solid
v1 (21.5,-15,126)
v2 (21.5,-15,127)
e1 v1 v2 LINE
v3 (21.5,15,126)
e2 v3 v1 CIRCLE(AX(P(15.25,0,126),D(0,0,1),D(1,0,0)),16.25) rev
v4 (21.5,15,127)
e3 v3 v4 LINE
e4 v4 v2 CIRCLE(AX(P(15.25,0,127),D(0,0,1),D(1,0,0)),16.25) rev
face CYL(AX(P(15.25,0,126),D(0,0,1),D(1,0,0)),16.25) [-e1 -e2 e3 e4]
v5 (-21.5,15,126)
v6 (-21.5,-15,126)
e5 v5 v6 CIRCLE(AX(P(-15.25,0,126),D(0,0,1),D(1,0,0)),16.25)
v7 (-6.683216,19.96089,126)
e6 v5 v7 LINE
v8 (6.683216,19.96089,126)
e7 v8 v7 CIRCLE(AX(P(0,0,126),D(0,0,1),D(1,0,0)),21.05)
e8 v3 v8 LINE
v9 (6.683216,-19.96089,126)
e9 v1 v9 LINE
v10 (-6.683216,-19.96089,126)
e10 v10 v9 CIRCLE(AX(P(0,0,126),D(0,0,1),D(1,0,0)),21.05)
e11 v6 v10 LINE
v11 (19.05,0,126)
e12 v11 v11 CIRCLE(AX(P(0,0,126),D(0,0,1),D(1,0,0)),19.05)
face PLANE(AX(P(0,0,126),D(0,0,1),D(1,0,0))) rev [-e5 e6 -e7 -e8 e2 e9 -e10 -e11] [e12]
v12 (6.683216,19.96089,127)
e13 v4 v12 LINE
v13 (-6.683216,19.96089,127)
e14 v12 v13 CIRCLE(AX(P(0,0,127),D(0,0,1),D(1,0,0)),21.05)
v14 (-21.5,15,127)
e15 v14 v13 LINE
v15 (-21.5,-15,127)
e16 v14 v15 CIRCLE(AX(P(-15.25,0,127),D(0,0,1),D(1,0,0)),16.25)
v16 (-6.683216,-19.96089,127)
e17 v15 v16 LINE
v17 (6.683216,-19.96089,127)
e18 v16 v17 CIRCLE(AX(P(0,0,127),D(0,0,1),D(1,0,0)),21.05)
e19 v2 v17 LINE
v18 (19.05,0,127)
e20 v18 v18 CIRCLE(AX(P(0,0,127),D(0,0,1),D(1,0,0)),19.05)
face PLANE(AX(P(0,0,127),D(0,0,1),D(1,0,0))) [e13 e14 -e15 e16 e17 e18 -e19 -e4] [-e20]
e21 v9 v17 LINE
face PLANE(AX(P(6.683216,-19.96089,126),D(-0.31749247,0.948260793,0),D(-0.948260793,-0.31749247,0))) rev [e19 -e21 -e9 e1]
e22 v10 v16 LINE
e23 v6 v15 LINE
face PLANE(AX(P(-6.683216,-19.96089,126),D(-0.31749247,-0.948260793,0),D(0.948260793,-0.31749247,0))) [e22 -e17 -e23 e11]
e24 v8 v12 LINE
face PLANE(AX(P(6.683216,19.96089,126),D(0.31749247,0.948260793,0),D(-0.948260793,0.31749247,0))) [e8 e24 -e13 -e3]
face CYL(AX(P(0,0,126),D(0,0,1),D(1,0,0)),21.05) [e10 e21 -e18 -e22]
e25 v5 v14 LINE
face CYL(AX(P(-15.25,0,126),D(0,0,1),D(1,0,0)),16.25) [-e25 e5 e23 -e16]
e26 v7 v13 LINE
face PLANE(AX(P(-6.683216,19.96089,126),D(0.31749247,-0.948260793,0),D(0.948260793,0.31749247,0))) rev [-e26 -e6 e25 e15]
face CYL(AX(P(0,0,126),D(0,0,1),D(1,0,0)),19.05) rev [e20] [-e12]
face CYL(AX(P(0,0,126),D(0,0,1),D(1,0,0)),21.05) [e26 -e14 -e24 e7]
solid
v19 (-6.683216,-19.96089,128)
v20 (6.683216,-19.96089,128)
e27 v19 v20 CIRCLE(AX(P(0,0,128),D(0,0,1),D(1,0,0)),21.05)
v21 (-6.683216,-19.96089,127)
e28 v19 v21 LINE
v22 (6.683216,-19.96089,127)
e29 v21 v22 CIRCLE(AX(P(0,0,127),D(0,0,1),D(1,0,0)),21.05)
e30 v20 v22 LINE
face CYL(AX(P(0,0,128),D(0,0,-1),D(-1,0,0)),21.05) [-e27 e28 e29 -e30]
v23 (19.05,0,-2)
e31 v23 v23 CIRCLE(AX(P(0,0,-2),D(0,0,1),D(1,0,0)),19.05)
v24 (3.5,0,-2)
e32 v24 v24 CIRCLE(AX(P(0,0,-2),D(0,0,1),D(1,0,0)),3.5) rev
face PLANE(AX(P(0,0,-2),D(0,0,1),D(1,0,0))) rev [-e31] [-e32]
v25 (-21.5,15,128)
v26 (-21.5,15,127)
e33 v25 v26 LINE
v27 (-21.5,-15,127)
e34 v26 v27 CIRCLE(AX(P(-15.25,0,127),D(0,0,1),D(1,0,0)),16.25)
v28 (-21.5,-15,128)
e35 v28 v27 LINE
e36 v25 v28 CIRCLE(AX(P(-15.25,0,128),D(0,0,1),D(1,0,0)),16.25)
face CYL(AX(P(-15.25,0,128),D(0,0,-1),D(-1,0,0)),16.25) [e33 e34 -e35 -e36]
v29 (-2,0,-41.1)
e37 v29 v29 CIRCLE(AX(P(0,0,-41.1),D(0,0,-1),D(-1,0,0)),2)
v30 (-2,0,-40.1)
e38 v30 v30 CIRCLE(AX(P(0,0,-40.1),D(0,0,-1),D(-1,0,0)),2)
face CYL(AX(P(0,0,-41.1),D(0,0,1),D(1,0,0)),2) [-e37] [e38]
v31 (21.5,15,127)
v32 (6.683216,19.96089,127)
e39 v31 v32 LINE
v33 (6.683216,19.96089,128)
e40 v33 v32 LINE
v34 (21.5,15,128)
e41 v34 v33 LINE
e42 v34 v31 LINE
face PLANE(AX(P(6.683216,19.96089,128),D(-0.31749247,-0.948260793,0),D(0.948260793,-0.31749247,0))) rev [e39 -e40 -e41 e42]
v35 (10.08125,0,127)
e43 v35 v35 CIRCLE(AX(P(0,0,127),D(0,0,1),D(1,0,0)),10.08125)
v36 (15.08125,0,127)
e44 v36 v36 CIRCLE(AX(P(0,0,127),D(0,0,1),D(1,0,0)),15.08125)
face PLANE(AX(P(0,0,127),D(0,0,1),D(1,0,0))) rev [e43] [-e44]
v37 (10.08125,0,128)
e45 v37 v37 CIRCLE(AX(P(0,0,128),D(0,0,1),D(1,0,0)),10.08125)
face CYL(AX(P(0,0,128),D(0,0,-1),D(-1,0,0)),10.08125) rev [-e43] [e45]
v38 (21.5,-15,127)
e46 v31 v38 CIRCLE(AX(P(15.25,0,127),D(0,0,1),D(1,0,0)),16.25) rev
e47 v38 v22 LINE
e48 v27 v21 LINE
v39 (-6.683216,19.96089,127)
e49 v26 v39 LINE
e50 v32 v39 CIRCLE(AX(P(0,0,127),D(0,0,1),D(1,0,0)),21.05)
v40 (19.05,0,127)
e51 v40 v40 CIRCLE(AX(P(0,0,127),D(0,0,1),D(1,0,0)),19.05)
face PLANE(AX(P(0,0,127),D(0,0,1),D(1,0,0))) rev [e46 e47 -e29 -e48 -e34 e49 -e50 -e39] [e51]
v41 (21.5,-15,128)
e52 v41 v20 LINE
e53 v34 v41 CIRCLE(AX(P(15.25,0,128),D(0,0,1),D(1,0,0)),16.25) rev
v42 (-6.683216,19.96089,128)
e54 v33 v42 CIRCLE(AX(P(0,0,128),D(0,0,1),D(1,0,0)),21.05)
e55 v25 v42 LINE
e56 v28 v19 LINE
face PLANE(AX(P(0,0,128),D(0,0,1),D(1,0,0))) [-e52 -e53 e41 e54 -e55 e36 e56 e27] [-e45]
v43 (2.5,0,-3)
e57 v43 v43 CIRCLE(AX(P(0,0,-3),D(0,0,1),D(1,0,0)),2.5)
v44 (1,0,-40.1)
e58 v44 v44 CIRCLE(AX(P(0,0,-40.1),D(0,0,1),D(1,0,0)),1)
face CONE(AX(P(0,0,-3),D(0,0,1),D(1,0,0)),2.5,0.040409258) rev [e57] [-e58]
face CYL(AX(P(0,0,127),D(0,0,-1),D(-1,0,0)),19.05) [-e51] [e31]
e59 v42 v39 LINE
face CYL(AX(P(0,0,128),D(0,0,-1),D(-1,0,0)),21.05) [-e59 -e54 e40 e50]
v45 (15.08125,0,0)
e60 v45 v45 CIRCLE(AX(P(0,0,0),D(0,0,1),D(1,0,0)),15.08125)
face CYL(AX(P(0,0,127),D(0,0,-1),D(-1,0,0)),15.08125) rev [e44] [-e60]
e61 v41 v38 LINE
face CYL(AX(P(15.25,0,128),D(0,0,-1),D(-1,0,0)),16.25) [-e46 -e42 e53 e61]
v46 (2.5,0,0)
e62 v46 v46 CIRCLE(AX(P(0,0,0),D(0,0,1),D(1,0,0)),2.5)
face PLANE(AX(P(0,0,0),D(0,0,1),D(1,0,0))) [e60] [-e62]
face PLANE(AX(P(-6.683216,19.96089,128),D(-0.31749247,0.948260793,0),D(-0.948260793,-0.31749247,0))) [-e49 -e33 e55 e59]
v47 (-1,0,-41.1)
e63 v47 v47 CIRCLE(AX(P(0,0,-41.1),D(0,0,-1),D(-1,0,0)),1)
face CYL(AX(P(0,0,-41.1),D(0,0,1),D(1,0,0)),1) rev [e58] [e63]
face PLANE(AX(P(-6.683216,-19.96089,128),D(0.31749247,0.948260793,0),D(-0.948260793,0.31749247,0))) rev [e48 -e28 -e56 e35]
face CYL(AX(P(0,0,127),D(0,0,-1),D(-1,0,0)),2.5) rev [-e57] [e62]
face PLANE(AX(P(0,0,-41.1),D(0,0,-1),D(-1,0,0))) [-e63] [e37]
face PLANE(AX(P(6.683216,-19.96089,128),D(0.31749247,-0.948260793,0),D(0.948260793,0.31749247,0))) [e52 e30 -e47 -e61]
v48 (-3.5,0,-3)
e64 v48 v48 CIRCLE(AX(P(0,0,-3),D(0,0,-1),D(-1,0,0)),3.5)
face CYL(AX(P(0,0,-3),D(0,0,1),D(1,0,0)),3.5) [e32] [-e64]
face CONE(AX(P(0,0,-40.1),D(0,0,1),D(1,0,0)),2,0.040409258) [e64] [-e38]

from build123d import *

# Parameters (mm, degrees)
SKETCH1_R           = 19.05
SKETCH1_R_2         = 15.08125
BOSS_EXTRUDE1_DEPTH = 127
BOSS_EXTRUDE2_START = -2
SKETCH1_2_R         = 19.05
BOSS_EXTRUDE2_DEPTH = 2
SKETCH2_R           = 2.5
CUT_EXTRUDE1_DEPTH  = 132.783174192
BOSS_EXTRUDE3_START = 1
SKETCH2_5_R         = 3.5
SKETCH2_5_R_2       = 2.5
BOSS_EXTRUDE3_DEPTH = 1
BOSS_EXTRUDE4_START = 38.1
SKETCH2_6_R         = 2
SKETCH2_6_R_2       = 1
BOSS_EXTRUDE4_DEPTH = 1
SKETCH4_R           = 19.05
BOSS_EXTRUDE5_DEPTH = 1
SKETCH4_3_R         = 10.08125
BOSS_EXTRUDE6_DEPTH = 1


with BuildPart() as part:
    # Sketch1 → Boss-Extrude1 (new body)
    with BuildSketch(Plane.XY):
        Circle(SKETCH1_R)
        Circle(SKETCH1_R_2, mode=Mode.SUBTRACT)
    extrude(amount=BOSS_EXTRUDE1_DEPTH)

    # Sketch1<2> → Boss-Extrude2 (add)
    with BuildSketch(Plane.XY.offset(BOSS_EXTRUDE2_START)):
        Circle(SKETCH1_2_R)
    extrude(amount=BOSS_EXTRUDE2_DEPTH)

    # Sketch2 → Cut-Extrude1 (cut, through all)
    with BuildSketch(Plane(origin=(0, 0, -2), x_dir=(-1, 0, 0), z_dir=(0, 0, -1))):
        Circle(SKETCH2_R)
    extrude(amount=-CUT_EXTRUDE1_DEPTH, mode=Mode.SUBTRACT)

    # Sketch2<5> → Boss-Extrude3 (add)
    with BuildSketch(Plane(origin=(0, 0, -2), x_dir=(-1, 0, 0), z_dir=(0, 0, -1)).offset(BOSS_EXTRUDE3_START)):
        Circle(SKETCH2_5_R)
        Circle(SKETCH2_5_R_2, mode=Mode.SUBTRACT)
    extrude(amount=-BOSS_EXTRUDE3_DEPTH)



with BuildPart() as body_2:
    # Sketch2<6> → Boss-Extrude4 (new body)
    with BuildSketch(Plane(origin=(0, 0, -2), x_dir=(-1, 0, 0), z_dir=(0, 0, -1)).offset(BOSS_EXTRUDE4_START)):
        Circle(SKETCH2_6_R)
        Circle(SKETCH2_6_R_2, mode=Mode.SUBTRACT)
    extrude(amount=BOSS_EXTRUDE4_DEPTH)


with BuildPart() as part_1:
    add(part.part)

    add(body_2.part)  # Revolve1 merges body 2
    # Sketch3 → Revolve1 (revolve)
    with BuildSketch(Plane(origin=(0, 0, 0), x_dir=(0, 0, -1), z_dir=(1, 0, 0))):
        Polygon((3, 3.5), (40.1, 2), (40.1, 1), (3, 2.5), align=None)
    revolve(axis=Axis((0, 0, 158.4), (0, 0, -1)))

    # Sketch4<3> → Boss-Extrude6 (add)
    with BuildSketch(Plane.XY.offset(127)):
        with BuildLine():
            Line((-6.683216494, 19.960889692), (-21.5, 15))
            ThreePointArc((-21.5, 15), (-31.5, 0), (-21.5, -15))
            Line((-21.5, -15), (-6.683216494, -19.960889692))
            ThreePointArc((-6.683216494, -19.960889692), (0, -21.05), (6.683216494, -19.960889692))
            Line((6.683216494, -19.960889692), (21.5, -15))
            ThreePointArc((21.5, -15), (31.5, 0), (21.5, 15))
            Line((21.5, 15), (6.683216494, 19.960889692))
            ThreePointArc((6.683216494, 19.960889692), (0, 21.05), (-6.683216494, 19.960889692))
        make_face()
        Circle(SKETCH4_3_R, mode=Mode.SUBTRACT)
    extrude(amount=BOSS_EXTRUDE6_DEPTH)


with BuildPart() as body_2_2:
    # Sketch4 → Boss-Extrude5 (new body)
    with BuildSketch(Plane.XY.offset(127)):
        with BuildLine():
            Line((-6.683216494, 19.960889692), (-21.5, 15))
            ThreePointArc((-21.5, 15), (-31.5, 0), (-21.5, -15))
            Line((-21.5, -15), (-6.683216494, -19.960889692))
            ThreePointArc((-6.683216494, -19.960889692), (0, -21.05), (6.683216494, -19.960889692))
            Line((6.683216494, -19.960889692), (21.5, -15))
            ThreePointArc((21.5, -15), (31.5, 0), (21.5, 15))
            Line((21.5, 15), (6.683216494, 19.960889692))
            ThreePointArc((6.683216494, 19.960889692), (0, 21.05), (-6.683216494, 19.960889692))
        make_face()
        Circle(SKETCH4_R, mode=Mode.SUBTRACT)
    extrude(amount=-BOSS_EXTRUDE5_DEPTH)


solid = Compound([part_1.part, body_2_2.part])
